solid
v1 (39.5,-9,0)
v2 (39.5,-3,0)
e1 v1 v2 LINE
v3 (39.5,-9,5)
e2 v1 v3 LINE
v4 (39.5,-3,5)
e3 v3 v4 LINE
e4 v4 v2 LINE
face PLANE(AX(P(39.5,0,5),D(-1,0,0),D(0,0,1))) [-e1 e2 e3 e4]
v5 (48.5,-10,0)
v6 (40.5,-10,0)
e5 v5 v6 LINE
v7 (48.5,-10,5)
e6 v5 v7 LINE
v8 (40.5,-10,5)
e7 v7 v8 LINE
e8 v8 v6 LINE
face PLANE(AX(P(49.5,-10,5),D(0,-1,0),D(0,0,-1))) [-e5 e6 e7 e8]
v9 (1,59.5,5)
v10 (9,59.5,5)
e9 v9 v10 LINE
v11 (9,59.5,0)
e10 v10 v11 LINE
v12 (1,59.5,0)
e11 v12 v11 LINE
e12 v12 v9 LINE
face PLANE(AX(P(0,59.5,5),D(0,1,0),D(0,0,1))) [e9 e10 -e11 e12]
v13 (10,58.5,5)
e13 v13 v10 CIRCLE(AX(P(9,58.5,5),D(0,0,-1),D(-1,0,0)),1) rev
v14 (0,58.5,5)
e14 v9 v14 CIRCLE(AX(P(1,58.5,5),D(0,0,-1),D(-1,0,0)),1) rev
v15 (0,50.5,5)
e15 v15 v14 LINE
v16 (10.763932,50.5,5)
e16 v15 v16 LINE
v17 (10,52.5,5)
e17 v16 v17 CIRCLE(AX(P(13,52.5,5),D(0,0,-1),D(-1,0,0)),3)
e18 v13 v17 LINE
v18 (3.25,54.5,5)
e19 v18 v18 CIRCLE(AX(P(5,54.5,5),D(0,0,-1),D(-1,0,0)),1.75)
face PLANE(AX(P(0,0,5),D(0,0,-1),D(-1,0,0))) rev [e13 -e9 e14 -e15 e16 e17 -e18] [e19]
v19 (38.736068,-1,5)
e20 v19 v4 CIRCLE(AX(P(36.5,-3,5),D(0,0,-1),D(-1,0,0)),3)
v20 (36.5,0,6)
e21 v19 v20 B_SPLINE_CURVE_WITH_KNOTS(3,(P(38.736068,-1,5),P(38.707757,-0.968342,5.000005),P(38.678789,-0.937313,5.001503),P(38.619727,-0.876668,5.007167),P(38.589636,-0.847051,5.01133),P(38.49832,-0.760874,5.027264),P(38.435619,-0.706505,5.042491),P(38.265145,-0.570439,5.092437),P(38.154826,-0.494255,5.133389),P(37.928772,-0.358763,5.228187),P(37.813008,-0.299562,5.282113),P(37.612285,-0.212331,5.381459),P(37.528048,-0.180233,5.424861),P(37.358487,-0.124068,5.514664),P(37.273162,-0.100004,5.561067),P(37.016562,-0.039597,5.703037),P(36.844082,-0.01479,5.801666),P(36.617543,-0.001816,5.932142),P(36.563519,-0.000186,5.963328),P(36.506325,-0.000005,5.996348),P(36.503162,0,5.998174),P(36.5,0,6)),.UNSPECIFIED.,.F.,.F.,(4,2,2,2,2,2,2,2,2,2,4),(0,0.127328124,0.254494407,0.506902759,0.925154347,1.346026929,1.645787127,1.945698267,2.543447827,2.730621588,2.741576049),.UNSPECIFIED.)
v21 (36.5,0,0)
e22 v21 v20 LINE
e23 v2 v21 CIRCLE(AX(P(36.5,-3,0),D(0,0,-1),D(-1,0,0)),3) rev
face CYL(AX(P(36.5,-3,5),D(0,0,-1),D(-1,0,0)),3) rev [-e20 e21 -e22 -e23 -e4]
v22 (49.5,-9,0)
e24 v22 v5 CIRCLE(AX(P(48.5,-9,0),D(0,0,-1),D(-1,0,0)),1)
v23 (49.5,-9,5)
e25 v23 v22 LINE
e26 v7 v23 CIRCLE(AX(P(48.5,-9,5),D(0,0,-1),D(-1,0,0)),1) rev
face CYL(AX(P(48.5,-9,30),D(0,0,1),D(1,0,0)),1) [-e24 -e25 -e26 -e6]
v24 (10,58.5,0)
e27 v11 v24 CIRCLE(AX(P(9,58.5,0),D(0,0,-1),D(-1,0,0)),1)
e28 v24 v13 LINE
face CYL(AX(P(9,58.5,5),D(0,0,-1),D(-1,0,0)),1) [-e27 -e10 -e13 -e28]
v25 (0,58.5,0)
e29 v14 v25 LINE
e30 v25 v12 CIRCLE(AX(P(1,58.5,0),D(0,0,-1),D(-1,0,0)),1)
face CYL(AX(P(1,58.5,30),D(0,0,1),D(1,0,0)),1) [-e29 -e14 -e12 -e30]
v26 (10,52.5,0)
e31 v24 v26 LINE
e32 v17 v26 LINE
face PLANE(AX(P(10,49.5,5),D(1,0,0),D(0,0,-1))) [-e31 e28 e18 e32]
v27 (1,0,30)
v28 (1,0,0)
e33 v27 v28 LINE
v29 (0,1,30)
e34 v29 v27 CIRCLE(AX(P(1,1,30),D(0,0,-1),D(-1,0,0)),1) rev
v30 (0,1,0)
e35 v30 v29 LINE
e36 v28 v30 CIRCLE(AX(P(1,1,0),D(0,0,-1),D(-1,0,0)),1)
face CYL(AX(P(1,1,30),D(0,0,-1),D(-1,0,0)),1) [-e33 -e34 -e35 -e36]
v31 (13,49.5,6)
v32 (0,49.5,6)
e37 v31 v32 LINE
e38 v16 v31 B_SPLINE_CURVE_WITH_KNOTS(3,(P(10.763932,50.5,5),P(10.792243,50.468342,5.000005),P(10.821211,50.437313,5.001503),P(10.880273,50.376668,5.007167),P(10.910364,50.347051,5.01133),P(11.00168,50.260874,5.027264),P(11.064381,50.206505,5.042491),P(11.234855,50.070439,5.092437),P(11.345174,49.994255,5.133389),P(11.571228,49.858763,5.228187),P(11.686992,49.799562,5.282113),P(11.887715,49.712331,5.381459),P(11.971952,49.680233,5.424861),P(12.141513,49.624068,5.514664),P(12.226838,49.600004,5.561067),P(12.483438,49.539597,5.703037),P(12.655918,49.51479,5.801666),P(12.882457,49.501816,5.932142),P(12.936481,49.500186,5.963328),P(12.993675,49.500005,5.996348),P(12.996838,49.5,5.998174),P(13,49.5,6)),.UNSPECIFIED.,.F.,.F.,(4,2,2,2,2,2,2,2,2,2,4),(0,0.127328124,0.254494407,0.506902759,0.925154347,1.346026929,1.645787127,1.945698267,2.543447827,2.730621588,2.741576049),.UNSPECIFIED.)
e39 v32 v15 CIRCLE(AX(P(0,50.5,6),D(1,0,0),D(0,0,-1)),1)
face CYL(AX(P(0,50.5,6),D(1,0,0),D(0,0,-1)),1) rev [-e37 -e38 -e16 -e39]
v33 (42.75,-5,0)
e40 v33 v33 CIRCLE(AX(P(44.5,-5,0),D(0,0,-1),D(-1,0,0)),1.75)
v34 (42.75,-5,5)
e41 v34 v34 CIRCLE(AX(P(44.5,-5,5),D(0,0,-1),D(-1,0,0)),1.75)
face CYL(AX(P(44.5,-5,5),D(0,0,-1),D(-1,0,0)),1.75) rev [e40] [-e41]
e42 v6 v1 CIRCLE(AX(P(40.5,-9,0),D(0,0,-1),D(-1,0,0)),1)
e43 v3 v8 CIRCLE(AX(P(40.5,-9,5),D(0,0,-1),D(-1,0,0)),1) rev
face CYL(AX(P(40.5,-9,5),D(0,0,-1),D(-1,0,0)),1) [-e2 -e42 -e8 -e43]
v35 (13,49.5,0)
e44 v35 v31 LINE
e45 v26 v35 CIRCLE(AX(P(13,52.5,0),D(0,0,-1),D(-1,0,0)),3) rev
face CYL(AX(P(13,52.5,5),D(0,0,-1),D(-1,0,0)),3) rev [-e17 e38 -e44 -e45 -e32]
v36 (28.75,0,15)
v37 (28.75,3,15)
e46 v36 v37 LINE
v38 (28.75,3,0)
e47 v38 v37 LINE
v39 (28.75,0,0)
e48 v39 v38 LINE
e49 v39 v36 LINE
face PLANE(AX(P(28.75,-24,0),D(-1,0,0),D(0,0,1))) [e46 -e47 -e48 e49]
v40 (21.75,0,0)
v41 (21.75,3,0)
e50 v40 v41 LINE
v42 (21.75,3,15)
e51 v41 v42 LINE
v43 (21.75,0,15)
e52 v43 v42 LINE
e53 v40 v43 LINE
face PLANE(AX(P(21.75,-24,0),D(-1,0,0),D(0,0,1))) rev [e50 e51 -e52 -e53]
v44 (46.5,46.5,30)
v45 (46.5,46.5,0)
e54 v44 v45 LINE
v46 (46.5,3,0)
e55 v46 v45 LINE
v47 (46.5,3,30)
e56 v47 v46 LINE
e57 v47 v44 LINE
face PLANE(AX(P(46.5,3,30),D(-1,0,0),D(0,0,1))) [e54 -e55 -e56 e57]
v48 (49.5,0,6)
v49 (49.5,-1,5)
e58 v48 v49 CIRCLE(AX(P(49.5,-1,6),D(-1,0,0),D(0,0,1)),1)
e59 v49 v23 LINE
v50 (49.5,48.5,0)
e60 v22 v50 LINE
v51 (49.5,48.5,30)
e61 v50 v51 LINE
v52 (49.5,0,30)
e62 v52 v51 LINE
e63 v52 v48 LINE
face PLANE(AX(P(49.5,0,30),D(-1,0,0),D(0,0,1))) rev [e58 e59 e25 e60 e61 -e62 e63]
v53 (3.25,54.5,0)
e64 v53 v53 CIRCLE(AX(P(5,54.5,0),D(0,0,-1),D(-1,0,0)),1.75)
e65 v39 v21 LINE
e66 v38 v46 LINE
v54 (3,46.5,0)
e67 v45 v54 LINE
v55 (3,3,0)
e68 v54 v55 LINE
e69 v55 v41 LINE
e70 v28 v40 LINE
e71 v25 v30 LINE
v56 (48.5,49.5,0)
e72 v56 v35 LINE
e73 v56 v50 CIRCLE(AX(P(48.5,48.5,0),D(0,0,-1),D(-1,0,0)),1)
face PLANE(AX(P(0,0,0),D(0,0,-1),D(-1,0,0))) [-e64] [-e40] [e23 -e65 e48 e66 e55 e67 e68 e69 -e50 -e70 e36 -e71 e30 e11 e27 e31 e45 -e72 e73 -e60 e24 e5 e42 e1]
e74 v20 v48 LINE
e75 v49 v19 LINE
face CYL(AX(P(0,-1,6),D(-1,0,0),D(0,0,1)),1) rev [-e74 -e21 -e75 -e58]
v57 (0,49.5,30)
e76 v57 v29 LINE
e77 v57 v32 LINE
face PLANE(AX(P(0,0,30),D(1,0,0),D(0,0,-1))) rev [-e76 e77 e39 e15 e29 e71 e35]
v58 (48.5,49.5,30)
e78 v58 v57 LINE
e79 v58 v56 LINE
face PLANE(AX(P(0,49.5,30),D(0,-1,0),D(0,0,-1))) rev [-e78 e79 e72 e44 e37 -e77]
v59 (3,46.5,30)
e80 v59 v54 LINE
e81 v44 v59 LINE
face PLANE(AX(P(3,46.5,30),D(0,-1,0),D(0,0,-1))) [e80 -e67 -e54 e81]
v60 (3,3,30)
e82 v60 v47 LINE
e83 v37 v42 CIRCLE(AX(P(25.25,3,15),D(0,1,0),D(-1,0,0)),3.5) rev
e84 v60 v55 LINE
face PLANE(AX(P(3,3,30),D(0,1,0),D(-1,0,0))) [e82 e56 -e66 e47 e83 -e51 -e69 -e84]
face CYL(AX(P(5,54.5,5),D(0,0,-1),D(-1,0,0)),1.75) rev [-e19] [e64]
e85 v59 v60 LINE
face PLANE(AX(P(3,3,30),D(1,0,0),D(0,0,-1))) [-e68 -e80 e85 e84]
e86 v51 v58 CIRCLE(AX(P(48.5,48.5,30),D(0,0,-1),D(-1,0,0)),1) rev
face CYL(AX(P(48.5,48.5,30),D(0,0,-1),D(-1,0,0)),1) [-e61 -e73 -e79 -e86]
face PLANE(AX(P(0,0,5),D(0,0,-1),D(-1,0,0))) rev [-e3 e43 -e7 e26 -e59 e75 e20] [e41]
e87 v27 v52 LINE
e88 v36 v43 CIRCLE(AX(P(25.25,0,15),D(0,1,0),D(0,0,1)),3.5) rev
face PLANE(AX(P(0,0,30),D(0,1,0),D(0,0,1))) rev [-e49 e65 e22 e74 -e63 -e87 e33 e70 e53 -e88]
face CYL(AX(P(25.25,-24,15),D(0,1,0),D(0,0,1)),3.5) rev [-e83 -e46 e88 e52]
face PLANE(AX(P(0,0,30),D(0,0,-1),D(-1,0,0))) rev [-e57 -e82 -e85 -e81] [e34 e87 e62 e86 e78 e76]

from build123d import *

# Parameters (mm, degrees)
ESQUISSE1_W             = 49.5
ESQUISSE1_H             = 49.5
ESQUISSE1_W_2           = 43.5
ESQUISSE1_H_2           = 43.5
BOSS_EXTRU_1_DEPTH      = 30
ESQUISSE2_W             = 10
ESQUISSE2_H             = 10
ESQUISSE2_R             = 1.75
BOSS_EXTRU_2_DEPTH      = 5
CONG_1_R                = 1
CONG_2_R                = 3
CONG_3_R                = 1
CUT_EXTRUDE1_DEPTH      = 24
CUT_EXTRUDE1_DEPTH_BACK = 21.171554026
SKETCH1_W               = 3.5
SKETCH1_H               = 15


with BuildPart() as part:
    # Esquisse1 → Boss.-Extru.1 (new body)
    with BuildSketch(Plane.XY):
        with Locations((24.75, 24.75)):
            Rectangle(ESQUISSE1_W, ESQUISSE1_H)
        with Locations((24.75, 24.75)):
            Rectangle(ESQUISSE1_W_2, ESQUISSE1_H_2, mode=Mode.SUBTRACT)
    extrude(amount=BOSS_EXTRU_1_DEPTH)

    # Esquisse2 → Boss.-Extru.2 (add)
    # profile 1 of 2: a face of its own
    with BuildSketch(Plane(origin=(0, 0, 0), x_dir=(-1, 0, 0), z_dir=(0, 0, -1))):
        with Locations((-5, 54.5)):
            Rectangle(ESQUISSE2_W, ESQUISSE2_H)
        with Locations((-5, 54.5)):
            Circle(ESQUISSE2_R, mode=Mode.SUBTRACT)
    # profile 2 of 2: a face of its own
    with BuildSketch(Plane(origin=(0, 0, 0), x_dir=(-1, 0, 0), z_dir=(0, 0, -1))):
        with Locations((-44.5, -5)):
            Rectangle(ESQUISSE2_W, ESQUISSE2_H)
        with Locations((-44.5, -5)):
            Circle(ESQUISSE2_R, mode=Mode.SUBTRACT)
    extrude(amount=-BOSS_EXTRU_2_DEPTH)

    # Congé1
    cong_1_edges = [part.edges().sort_by_distance(p)[0] for p in [
        (0, 59.5, 2.5),
        (10, 59.5, 2.5),
        (49.5, -10, 2.5),
        (39.5, -10, 2.5),
        (49.5, 49.5, 15),
        (0, 0, 15),
    ]]
    fillet(cong_1_edges, radius=CONG_1_R)

    # Congé2
    cong_2_edges = [part.edges().sort_by_distance(p)[0] for p in [
        (10, 49.5, 2.5),
        (39.5, 0, 2.5),
    ]]
    fillet(cong_2_edges, radius=CONG_2_R)

    # Congé3
    cong_3_edges = [part.edges().sort_by_distance(p)[0] for p in [
        (6.5, 49.5, 5),
        (43, 0, 5),
    ]]
    fillet(cong_3_edges, radius=CONG_3_R)

    # Sketch1 → Cut-Extrude1 (cut, two sides: drawn at the far end of the back side and taken through both)
    with BuildSketch(Plane.XZ.offset(-CUT_EXTRUDE1_DEPTH_BACK)):
        with BuildLine():
            ThreePointArc((28.75, 15), (25.25, 18.5), (21.75, 15))
            Line((21.75, 15), (25.25, 15))
            Line((25.25, 15), (28.75, 15))
        make_face()
        with Locations((27, 7.5)):
            Rectangle(SKETCH1_W, SKETCH1_H)
        with Locations((23.5, 7.5)):
            Rectangle(SKETCH1_W, SKETCH1_H)
    extrude(amount=CUT_EXTRUDE1_DEPTH + CUT_EXTRUDE1_DEPTH_BACK, mode=Mode.SUBTRACT)


solid = part.part
